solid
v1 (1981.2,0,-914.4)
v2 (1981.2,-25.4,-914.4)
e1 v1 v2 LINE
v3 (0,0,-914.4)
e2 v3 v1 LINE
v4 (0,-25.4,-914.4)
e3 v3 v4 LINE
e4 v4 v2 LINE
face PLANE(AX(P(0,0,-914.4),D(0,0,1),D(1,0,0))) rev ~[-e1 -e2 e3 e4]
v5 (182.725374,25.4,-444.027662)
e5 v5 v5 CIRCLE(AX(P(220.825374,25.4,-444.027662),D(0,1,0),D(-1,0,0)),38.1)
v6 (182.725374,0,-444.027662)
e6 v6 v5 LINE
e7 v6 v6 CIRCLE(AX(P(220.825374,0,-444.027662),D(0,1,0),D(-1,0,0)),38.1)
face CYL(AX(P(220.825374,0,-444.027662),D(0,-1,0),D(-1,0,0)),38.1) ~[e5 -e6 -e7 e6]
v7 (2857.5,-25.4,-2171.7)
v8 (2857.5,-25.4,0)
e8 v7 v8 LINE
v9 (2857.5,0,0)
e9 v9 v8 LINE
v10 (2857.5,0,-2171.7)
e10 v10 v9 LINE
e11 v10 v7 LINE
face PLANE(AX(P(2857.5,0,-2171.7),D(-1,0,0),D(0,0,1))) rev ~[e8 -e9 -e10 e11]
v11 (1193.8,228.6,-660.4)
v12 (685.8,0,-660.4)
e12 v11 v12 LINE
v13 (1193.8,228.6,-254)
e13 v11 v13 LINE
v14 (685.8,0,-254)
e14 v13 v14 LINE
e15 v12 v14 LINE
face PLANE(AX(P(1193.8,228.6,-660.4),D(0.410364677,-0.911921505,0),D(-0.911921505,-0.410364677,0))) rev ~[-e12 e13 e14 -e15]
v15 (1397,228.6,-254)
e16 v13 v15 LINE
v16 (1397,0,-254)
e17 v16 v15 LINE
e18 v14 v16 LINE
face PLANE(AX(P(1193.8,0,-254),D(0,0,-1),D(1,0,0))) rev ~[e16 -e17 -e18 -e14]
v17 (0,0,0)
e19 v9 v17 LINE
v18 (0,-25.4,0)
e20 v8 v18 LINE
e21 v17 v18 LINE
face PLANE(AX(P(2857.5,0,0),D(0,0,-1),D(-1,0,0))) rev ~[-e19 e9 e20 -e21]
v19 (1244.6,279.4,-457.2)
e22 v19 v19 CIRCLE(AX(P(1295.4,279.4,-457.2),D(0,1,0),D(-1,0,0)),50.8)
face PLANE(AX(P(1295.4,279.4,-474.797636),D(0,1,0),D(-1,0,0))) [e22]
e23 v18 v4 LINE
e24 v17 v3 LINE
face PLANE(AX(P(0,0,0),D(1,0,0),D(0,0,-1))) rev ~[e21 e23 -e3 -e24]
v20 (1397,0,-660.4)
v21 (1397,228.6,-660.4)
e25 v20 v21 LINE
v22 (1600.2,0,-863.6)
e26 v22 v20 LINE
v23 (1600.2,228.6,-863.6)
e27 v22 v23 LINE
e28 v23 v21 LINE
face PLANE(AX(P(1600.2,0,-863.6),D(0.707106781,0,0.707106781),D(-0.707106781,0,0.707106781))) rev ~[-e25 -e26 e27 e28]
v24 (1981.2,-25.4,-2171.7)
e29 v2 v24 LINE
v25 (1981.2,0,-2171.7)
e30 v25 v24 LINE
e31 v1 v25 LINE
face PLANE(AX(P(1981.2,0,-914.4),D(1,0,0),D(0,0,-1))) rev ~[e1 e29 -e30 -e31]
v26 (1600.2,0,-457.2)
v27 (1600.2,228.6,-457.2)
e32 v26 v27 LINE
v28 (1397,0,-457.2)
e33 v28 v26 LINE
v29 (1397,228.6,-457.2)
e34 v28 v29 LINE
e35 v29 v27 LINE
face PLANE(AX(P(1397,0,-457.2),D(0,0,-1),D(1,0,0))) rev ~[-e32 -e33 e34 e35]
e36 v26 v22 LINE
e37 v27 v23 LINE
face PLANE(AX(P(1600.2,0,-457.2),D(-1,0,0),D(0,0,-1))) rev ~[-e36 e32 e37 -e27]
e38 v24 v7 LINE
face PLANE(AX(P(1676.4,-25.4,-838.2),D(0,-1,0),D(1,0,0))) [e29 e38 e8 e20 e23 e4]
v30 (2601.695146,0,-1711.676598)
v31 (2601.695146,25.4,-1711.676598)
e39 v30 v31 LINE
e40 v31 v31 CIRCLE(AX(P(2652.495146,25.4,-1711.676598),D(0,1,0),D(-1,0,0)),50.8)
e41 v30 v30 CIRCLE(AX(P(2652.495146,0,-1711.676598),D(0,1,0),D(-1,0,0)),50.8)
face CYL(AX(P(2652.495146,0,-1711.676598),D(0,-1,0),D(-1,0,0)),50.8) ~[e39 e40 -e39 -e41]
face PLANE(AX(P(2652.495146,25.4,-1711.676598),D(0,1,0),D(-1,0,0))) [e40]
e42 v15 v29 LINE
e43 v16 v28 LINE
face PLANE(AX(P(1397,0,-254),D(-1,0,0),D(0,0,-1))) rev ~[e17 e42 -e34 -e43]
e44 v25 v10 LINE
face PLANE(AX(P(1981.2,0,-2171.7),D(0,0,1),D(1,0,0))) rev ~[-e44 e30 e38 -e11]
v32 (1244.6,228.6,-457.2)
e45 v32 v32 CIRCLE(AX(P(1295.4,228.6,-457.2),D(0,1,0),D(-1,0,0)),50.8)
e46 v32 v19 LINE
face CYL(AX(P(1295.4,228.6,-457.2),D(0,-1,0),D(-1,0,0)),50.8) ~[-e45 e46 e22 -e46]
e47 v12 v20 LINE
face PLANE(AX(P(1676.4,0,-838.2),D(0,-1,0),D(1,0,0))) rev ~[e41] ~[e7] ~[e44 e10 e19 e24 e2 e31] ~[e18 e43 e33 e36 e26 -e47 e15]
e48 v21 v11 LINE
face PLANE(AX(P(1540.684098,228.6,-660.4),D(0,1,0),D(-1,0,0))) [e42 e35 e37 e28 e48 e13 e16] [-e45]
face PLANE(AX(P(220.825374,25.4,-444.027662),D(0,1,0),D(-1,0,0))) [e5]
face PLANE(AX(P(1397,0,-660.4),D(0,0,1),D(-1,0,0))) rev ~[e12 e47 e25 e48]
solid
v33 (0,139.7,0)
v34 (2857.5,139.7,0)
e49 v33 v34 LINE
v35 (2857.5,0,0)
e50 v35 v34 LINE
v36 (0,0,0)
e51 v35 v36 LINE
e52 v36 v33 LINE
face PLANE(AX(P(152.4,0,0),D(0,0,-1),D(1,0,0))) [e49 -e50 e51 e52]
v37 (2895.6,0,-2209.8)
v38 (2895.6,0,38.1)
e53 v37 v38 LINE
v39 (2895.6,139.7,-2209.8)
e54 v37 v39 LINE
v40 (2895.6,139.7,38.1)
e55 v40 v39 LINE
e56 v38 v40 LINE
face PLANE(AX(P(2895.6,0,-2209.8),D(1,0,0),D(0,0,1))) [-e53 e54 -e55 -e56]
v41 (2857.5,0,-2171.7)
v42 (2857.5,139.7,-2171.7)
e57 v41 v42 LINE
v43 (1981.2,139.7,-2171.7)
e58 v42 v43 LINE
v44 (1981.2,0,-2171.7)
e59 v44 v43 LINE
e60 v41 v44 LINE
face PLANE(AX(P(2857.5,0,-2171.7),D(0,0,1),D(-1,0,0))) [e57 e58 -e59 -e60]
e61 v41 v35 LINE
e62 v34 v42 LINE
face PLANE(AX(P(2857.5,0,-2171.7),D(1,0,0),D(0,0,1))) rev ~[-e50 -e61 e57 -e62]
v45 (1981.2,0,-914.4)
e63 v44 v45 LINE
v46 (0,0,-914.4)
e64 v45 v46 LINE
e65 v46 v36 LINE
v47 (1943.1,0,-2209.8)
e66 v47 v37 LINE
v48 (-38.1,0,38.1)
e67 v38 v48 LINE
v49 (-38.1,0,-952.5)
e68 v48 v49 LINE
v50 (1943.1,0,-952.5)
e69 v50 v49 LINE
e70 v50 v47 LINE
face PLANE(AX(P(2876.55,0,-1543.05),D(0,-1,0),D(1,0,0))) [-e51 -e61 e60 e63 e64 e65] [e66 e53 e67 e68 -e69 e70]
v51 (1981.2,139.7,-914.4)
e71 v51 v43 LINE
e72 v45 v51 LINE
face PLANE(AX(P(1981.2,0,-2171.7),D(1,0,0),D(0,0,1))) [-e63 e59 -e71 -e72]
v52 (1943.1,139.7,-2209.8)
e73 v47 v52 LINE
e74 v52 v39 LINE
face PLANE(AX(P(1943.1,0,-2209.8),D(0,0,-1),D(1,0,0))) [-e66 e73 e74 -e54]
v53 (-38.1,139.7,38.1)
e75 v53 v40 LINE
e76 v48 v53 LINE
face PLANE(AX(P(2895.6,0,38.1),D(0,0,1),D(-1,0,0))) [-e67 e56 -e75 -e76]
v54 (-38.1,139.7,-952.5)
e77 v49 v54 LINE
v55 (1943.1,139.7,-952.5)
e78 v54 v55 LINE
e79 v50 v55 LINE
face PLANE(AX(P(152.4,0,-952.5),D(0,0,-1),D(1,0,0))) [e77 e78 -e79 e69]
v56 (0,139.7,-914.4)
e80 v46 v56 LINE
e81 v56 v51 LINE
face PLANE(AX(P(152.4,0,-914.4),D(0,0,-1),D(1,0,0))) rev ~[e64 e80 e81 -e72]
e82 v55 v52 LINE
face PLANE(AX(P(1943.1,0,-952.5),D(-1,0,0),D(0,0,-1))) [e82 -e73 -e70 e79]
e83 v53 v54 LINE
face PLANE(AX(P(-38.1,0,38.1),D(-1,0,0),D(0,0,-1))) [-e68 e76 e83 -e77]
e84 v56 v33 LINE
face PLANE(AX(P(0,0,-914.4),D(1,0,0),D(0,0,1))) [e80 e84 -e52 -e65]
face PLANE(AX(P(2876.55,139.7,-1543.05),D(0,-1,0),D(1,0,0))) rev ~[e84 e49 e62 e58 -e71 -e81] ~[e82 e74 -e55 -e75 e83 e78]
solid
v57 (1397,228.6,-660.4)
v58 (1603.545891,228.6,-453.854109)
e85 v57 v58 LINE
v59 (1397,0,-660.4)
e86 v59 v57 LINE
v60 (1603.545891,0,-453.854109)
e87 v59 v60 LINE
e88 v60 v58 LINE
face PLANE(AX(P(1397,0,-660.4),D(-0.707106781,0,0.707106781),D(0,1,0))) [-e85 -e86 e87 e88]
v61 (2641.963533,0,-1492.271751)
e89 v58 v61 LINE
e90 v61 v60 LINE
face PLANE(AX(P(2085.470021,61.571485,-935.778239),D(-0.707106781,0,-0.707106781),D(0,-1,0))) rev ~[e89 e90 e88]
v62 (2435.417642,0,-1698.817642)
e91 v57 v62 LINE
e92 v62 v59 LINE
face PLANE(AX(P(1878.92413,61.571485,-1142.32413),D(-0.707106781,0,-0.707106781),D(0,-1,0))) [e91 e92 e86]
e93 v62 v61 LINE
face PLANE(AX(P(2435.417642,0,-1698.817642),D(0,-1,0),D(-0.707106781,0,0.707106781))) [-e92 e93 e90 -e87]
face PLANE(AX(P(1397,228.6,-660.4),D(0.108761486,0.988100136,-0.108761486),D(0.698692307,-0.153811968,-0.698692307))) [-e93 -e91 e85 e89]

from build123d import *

# Parameters (mm, degrees)
F0_W      = 152.4
F0_H      = 38.1
F1_DEPTH  = 139.7
F2_W      = 38.1
F2_H      = 914.4
F3_DEPTH  = 139.7
F4_W      = 1828.8
F4_H      = 38.1
F5_DEPTH  = 139.7
F6_W      = 38.1
F6_H      = 1257.3
F6_H_2    = 1219.2
F7_DEPTH  = 139.7
F9_DEPTH  = 25.4
F11_START = 254
F11_DEPTH = 406.4
F13_DEPTH = 228.6
F15_DEPTH = 50.8
F18_DEPTH = 228.6
F19_DEPTH = 228.6
F21_DEPTH = 292.1
F22_R     = 50.8
F23_DEPTH = 25.4
F24_R     = 38.1
F25_DEPTH = 25.4


with BuildPart() as f1:
    # F0 (on Front) → F1 (new body)
    with BuildSketch(Plane.XZ):
        with Locations((76.2, -933.45)):
            Rectangle(F0_W, F0_H)
        Polygon((0, -914.4), (0, 0), (0, 38.1), (-38.1, 38.1), (-38.1, -952.5), (0, -952.5), align=None)
        with Locations((76.2, 19.05)):
            Rectangle(F0_W, F0_H)
    extrude(amount=-F1_DEPTH)

    # F2 (on face) → F3 (join)
    with BuildSketch(Plane.XZ):
        with Locations((2876.55, -457.2)):
            Rectangle(F2_W, F2_H)
        Polygon((2895.6, 38.1), (152.4, 38.1), (152.4, 0), (2857.5, 0), (2895.6, 0), align=None)
    extrude(amount=-F3_DEPTH)

    # F4 (on face) → F5 (join)
    with BuildSketch(Plane.XZ):
        with Locations((1066.8, -933.45)):
            Rectangle(F4_W, F4_H)
    extrude(amount=-F5_DEPTH)

    # F6 (on face) → F7 (join)
    with BuildSketch(Plane.XZ):
        with Locations((2876.55, -1543.05)):
            Rectangle(F6_W, F6_H)
        Polygon((2857.5, -2171.7), (1981.2, -2171.7), (1943.1, -2171.7), (1943.1, -2209.8), (2895.6, -2209.8), (2895.6, -2171.7), align=None)
        with Locations((1962.15, -1562.1)):
            Rectangle(F6_W, F6_H_2)
    extrude(amount=-F7_DEPTH)


with BuildPart() as f9:
    # F8 (on face) → F9 (new body)
    with BuildSketch(Plane.XZ):
        Polygon((0, -914.4), (1981.2, -914.4), (1981.2, -2171.7), (2857.5, -2171.7), (2857.5, 0), (0, 0), align=None)
    extrude(amount=F9_DEPTH)

    # F10 (on face) → F11 (join)
    with BuildSketch(Plane.XY.offset(-914.4).offset(F11_START)):
        Polygon((1193.8, 228.6), (685.8, 0), (990.6, 0), (1193.8, 0), align=None)
    extrude(amount=F11_DEPTH)

    # F12 (on face) → F13 (join)
    with BuildSketch(Plane(origin=(0, 0, 0), x_dir=(-1, 0, 0), z_dir=(0, 1, 0))):
        Polygon((-1320.8, -660.4), (-1193.8, -660.4), (-1193.8, -254), (-1397, -254), (-1397, -660.4), align=None)
    extrude(amount=F13_DEPTH)

    # F14 (on face) → F15 (join)
    with BuildSketch(Plane(origin=(0, 228.6, 0), x_dir=(-1, 0, 0), z_dir=(0, 1, 0))):
        with BuildLine():
            ThreePointArc((-1346.2, -457.2), (-1295.4, -508), (-1244.6, -457.2))
            Line((-1244.6, -457.2), (-1346.2, -457.2))
        make_face()
        with BuildLine():
            Line((-1346.2, -457.2), (-1244.6, -457.2))
            ThreePointArc((-1244.6, -457.2), (-1295.4, -406.4), (-1346.2, -457.2))
        make_face()
    extrude(amount=F15_DEPTH)

    # F16 (on face) → F18 (join)
    with BuildSketch(Plane(origin=(0, 0, 0), x_dir=(-1, 0, 0), z_dir=(0, 1, 0))):
        Polygon((-1600.2, -457.2), (-1397, -660.4), (-1397, -457.2), align=None)
    extrude(amount=F18_DEPTH)

    # F17 (on face) → F19 (join)
    with BuildSketch(Plane(origin=(0, 0, 0), x_dir=(-1, 0, 0), z_dir=(0, 1, 0))):
        Polygon((-1600.2, -457.2), (-1600.2, -660.4), (-1600.2, -863.6), (-1397, -660.4), align=None)
    extrude(amount=F19_DEPTH)

    # F22 (on face) → F23 (join)
    with BuildSketch(Plane(origin=(0, 0, 0), x_dir=(-1, 0, 0), z_dir=(0, 1, 0))):
        with Locations((-2652.4951457977, -1711.6765975952)):
            Circle(F22_R)
    extrude(amount=F23_DEPTH)

    # F24 (on face) → F25 (join)
    with BuildSketch(Plane(origin=(0, 0, 0), x_dir=(-1, 0, 0), z_dir=(0, 1, 0))):
        with Locations((-220.8253741264, -444.0276622772)):
            Circle(F24_R)
    extrude(amount=F25_DEPTH)


with BuildPart() as f21:
    # F20 (on face) → F21 (new body)
    with BuildSketch(Plane(origin=(368.3, 0, 368.3), x_dir=(0, -1, 0), z_dir=(-0.7071067812, 0, -0.7071067812))):
        Polygon((0, -2923.3458042145), (0, -1742.1696874874), (0, -1454.8014916132), (-228.6, -1454.8014916132), align=None)
    extrude(amount=-F21_DEPTH)


solid = Compound([f1.part, f9.part, f21.part])
